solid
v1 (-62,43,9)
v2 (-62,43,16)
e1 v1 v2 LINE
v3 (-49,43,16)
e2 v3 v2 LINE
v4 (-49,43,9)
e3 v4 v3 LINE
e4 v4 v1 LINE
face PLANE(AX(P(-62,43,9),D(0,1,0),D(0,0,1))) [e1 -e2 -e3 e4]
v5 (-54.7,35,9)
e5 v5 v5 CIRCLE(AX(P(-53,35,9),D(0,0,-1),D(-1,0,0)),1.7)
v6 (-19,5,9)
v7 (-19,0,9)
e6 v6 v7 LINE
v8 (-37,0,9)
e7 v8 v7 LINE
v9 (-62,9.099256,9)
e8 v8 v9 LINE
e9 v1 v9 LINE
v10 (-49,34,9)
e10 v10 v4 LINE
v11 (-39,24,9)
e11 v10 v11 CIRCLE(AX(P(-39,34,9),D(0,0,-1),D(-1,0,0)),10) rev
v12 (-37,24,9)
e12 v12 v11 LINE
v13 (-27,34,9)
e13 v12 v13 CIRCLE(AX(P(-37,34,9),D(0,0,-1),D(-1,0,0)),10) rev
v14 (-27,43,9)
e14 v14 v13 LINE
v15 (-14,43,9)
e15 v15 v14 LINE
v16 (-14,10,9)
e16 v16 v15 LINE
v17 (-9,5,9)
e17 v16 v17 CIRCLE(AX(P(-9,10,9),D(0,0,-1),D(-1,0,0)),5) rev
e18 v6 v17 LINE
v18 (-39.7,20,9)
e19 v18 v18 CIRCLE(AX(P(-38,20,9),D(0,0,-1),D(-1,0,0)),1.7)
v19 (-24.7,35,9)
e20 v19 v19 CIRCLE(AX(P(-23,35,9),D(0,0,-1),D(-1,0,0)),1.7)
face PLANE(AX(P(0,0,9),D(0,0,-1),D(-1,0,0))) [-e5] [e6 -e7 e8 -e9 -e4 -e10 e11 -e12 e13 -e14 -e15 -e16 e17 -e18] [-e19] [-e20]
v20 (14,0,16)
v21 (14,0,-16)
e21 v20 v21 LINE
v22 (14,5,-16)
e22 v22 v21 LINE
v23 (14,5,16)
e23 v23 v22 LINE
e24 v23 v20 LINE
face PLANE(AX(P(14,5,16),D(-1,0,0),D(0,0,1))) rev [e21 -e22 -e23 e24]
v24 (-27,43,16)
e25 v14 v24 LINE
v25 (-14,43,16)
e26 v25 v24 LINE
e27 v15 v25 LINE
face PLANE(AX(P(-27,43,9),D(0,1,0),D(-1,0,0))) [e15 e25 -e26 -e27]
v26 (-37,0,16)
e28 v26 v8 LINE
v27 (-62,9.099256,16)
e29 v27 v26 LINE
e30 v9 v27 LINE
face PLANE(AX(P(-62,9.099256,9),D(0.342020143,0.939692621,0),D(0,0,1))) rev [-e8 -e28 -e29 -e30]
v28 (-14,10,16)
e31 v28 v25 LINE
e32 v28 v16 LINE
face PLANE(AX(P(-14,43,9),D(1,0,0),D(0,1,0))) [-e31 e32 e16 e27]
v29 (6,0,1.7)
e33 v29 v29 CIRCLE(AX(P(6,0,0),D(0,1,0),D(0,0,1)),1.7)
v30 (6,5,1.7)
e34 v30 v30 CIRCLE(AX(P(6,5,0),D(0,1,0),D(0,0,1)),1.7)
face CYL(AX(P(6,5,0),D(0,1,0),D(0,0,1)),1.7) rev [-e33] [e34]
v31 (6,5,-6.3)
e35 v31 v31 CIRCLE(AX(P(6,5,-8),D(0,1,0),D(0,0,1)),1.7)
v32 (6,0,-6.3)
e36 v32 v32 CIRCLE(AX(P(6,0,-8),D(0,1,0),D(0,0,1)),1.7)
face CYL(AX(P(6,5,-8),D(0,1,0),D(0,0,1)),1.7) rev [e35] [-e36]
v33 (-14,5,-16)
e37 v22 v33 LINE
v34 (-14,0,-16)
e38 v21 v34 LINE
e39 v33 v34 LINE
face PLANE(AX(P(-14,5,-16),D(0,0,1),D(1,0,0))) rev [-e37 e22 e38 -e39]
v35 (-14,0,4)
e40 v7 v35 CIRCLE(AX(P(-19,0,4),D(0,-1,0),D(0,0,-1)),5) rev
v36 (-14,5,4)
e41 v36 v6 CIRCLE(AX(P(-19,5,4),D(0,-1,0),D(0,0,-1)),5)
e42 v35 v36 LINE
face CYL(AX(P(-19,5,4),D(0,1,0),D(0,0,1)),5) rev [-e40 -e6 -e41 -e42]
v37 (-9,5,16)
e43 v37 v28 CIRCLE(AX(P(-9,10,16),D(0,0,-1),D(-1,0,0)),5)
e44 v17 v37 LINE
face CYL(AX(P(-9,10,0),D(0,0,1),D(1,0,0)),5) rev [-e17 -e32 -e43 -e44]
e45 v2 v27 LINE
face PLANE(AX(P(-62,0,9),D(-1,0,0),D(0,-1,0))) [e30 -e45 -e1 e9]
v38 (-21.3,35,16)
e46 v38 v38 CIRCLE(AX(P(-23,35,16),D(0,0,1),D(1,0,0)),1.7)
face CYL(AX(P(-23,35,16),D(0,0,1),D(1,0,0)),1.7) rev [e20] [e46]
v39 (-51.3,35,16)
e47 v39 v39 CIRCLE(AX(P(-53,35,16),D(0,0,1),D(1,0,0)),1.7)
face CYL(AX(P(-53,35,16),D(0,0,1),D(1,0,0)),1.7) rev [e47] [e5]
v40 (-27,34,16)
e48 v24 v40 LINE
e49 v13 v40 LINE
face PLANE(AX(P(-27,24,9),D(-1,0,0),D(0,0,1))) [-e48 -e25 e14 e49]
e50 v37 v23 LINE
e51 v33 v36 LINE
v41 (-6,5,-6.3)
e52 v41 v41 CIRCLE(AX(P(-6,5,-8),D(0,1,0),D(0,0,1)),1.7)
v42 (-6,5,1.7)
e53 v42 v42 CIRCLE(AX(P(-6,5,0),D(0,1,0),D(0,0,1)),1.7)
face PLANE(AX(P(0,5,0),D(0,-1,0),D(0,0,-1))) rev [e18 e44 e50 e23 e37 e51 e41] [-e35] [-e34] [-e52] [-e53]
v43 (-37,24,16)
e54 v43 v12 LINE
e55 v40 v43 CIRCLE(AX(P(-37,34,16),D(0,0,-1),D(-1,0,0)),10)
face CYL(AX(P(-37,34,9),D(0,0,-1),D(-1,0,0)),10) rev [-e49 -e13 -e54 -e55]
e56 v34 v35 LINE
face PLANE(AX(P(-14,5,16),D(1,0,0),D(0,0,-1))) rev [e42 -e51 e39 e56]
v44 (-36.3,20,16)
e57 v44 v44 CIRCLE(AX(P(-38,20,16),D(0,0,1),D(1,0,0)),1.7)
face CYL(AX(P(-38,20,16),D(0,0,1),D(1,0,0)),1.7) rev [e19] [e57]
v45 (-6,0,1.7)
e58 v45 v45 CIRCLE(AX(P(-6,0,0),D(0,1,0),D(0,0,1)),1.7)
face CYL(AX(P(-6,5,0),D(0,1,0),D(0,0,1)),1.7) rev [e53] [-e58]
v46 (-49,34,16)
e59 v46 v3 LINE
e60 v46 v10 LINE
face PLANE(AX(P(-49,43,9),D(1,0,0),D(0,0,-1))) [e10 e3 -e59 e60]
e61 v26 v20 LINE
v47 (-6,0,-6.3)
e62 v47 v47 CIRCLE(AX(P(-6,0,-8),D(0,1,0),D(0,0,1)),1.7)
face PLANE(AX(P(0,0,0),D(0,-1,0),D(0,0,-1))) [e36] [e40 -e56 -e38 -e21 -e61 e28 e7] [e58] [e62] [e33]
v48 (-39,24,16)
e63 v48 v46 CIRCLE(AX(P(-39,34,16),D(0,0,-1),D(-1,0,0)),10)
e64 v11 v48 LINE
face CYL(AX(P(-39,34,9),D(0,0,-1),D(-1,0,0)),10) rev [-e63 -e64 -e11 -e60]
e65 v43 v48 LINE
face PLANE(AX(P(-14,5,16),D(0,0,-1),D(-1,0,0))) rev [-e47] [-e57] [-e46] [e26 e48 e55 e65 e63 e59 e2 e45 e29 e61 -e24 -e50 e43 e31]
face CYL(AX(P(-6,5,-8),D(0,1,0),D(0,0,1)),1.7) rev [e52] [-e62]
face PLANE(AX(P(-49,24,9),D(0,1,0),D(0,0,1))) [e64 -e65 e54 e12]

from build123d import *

# Parameters (mm, degrees)
SKETCH1_W            = 28
SKETCH1_H            = 32
BOSS_EXTRUDE1_DEPTH  = 5
M3_CLEARANCE_HOLE1_D = 3.4
BOSS_EXTRUDE2_DEPTH  = 7
FILLET1_R            = 10
FILLET2_R            = 5
FILLET3_R            = 5
M3_CLEARANCE_HOLE2_D = 3.4
CHAMFER1_SIZE        = 25
CHAMFER1_SIZE2       = 9.099255857


with BuildPart() as part:
    # Sketch1 → Boss-Extrude1 (new body)
    with BuildSketch(Plane(origin=(0, 0, 0), x_dir=(1, 0, 0), z_dir=(0, 1, 0))):
        Rectangle(SKETCH1_W, SKETCH1_H)
    extrude(amount=BOSS_EXTRUDE1_DEPTH)

    # M3 Clearance Hole1 (through all)
    with Locations(Plane(origin=(0, 5, 0), x_dir=(1, 0, 0), z_dir=(0, 1, 0))):
        with Locations((-6, 8), (6, 8), (6, 0), (-6, 0)):
            Hole(M3_CLEARANCE_HOLE1_D / 2)

    # Sketch5 → Boss-Extrude2 (add)
    with BuildSketch(Plane.XY.offset(16)):
        Polygon((-14, 0), (-62, 0), (-62, 43), (-49, 43), (-49, 24), (-27, 24), (-27, 43), (-14, 43), align=None)
    extrude(amount=-BOSS_EXTRUDE2_DEPTH)

    # Fillet1
    fillet1_edges = [part.edges().sort_by_distance(p)[0] for p in [
        (-49, 24, 12.5),
        (-27, 24, 12.5),
    ]]
    fillet(fillet1_edges, radius=FILLET1_R)

    # Fillet2
    fillet2_edges = [part.edges().sort_by_distance(p)[0] for p in [
        (-14, 5, 12.5),
    ]]
    fillet(fillet2_edges, radius=FILLET2_R)

    # Fillet3
    fillet3_edges = [part.edges().sort_by_distance(p)[0] for p in [
        (-14, 2.5, 9),
    ]]
    fillet(fillet3_edges, radius=FILLET3_R)

    # M3 Clearance Hole2 (through all)
    with Locations(Plane.XY.offset(16)):
        with Locations((-53, 35), (-23, 35), (-38, 20)):
            Hole(M3_CLEARANCE_HOLE2_D / 2)

    # Chamfer1
    chamfer1_edges = [part.edges().sort_by_distance(p)[0] for p in [
        (-62, 0, 12.5),
    ]]
    chamfer1_side = [part.faces().sort_by_distance(p)[0] for p in [
        (-10.698240226, 0, 3.653109537),
    ]]
    chamfer(chamfer1_edges, length=CHAMFER1_SIZE, length2=CHAMFER1_SIZE2, reference=chamfer1_side[0])


solid = part.part
